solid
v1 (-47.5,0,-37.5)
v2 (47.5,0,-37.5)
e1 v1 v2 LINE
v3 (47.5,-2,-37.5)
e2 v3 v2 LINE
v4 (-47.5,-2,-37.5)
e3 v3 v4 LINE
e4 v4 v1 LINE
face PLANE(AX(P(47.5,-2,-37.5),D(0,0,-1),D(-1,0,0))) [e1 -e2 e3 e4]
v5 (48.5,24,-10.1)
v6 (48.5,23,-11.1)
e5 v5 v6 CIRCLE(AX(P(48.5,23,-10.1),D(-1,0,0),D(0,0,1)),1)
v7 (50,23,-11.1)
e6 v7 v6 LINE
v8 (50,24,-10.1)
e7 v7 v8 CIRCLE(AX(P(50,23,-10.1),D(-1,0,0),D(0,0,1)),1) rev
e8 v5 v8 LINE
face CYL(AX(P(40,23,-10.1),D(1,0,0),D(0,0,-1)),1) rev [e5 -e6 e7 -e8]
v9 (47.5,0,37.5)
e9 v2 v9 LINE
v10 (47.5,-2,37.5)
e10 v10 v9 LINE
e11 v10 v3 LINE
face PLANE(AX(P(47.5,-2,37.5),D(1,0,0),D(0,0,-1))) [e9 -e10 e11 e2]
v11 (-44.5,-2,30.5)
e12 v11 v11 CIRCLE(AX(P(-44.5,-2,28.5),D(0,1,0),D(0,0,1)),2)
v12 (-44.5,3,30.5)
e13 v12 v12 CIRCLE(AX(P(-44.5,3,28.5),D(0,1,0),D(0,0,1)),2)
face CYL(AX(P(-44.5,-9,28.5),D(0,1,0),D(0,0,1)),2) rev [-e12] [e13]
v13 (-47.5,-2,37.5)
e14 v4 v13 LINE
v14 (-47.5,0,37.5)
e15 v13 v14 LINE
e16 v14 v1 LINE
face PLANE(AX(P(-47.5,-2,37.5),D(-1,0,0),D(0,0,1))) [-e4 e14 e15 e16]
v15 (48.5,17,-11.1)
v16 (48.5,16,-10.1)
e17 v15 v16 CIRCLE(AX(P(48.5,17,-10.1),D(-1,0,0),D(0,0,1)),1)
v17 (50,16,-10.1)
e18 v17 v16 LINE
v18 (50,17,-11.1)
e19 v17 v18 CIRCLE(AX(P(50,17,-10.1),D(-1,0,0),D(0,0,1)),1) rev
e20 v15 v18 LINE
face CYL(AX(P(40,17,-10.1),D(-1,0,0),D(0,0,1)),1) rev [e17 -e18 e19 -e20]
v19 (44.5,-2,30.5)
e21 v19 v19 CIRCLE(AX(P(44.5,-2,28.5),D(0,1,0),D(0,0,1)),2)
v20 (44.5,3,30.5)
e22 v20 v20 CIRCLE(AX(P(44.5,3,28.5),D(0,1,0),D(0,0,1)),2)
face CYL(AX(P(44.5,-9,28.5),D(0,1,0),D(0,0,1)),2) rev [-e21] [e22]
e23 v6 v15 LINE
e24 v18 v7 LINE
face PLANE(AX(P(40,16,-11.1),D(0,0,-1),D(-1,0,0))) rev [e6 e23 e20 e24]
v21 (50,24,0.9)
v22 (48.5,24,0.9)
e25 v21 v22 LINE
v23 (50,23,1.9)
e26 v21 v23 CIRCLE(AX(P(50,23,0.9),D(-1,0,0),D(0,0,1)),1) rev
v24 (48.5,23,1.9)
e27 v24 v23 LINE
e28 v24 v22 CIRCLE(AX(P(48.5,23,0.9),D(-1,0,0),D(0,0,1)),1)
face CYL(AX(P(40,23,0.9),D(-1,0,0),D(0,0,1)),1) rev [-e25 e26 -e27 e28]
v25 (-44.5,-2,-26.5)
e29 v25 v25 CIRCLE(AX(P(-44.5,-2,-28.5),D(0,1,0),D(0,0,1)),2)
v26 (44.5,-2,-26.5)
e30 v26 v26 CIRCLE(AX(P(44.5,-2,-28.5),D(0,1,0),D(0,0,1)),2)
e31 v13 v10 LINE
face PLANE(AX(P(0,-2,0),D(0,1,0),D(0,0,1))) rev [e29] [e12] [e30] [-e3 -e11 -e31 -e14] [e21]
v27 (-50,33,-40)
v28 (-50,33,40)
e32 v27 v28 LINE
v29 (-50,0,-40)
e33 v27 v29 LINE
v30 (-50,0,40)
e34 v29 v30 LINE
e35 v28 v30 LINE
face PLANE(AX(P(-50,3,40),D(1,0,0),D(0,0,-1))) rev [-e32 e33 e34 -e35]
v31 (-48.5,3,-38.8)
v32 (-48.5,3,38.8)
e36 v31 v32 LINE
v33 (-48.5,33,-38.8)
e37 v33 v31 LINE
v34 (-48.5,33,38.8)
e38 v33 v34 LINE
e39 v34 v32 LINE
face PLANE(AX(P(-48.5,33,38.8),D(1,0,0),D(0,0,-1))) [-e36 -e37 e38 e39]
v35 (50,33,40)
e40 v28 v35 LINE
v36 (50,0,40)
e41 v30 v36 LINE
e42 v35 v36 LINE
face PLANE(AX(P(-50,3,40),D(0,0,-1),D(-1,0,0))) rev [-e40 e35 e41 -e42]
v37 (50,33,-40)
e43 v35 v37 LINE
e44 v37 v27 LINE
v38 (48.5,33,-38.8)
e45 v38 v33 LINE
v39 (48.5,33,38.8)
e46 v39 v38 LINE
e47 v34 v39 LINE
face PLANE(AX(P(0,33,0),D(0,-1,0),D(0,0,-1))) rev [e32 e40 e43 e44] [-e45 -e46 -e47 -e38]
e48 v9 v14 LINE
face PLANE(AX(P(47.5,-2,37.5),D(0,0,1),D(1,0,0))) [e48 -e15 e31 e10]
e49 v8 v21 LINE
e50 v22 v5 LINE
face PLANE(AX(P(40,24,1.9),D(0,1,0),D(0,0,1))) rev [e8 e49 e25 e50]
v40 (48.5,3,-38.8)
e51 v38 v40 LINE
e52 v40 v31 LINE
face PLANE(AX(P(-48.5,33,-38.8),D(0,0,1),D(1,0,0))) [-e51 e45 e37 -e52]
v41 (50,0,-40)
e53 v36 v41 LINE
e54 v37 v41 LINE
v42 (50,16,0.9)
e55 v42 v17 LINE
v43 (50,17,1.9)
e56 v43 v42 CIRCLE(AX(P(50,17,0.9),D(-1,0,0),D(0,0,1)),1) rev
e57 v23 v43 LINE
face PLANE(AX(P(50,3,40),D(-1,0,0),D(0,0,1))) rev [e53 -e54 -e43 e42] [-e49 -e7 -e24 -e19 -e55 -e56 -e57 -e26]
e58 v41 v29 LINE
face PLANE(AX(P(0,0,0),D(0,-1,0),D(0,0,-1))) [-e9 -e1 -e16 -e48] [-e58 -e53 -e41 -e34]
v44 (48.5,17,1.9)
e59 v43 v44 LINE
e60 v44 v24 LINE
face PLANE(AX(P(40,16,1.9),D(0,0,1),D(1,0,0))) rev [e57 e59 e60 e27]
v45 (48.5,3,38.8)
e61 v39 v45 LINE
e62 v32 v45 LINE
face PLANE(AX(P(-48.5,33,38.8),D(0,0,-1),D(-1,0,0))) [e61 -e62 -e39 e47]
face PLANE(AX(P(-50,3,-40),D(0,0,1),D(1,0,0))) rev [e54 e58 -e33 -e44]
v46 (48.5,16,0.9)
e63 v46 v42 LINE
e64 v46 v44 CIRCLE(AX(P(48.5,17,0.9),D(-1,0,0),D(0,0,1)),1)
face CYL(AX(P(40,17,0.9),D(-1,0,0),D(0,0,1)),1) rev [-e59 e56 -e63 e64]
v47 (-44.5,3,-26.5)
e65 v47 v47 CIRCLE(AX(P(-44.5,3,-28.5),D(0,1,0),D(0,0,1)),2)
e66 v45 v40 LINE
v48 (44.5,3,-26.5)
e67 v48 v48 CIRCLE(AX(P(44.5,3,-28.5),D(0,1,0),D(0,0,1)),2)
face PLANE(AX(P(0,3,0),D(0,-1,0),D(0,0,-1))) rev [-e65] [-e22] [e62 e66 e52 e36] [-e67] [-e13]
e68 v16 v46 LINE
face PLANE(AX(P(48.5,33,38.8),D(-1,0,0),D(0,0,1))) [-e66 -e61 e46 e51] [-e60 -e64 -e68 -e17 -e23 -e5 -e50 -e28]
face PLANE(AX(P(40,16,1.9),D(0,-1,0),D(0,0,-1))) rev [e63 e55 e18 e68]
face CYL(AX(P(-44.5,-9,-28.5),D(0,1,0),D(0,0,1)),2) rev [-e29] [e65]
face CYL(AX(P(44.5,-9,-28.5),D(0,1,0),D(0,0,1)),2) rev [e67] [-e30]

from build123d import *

# Parameters (mm, degrees)
SKETCH1_W           = 100
SKETCH1_H           = 80
BOSS_EXTRUDE1_DEPTH = 3
SKETCH2_W           = 100
SKETCH2_H           = 80
SKETCH2_W_2         = 97
SKETCH2_H_2         = 77.6
BOSS_EXTRUDE2_DEPTH = 30
SKETCH3_R           = 2
CUT_EXTRUDE1_DEPTH  = 40
SKETCH4_W           = 95
SKETCH4_H           = 75
BOSS_EXTRUDE3_DEPTH = 5
SKETCH3_2_R         = 2
CUT_EXTRUDE2_DEPTH  = 12
SKETCH5_W           = 13
SKETCH5_H           = 8
CUT_EXTRUDE3_DEPTH  = 10
FILLET1_R           = 1
FILLET2_R           = 1
FILLET3_R           = 1
FILLET4_R           = 1


with BuildPart() as part:
    # Sketch1 → Boss-Extrude1 (new body)
    with BuildSketch(Plane(origin=(0, 0, 0), x_dir=(1, 0, 0), z_dir=(0, 1, 0))):
        Rectangle(SKETCH1_W, SKETCH1_H)
    extrude(amount=BOSS_EXTRUDE1_DEPTH)

    # Sketch2 → Boss-Extrude2 (add)
    with BuildSketch(Plane(origin=(0, 3, 0), x_dir=(1, 0, 0), z_dir=(0, 1, 0))):
        Rectangle(SKETCH2_W, SKETCH2_H)
        Rectangle(SKETCH2_W_2, SKETCH2_H_2, mode=Mode.SUBTRACT)
    extrude(amount=BOSS_EXTRUDE2_DEPTH)

    # Sketch3 → Cut-Extrude1 (cut)
    with BuildSketch(Plane(origin=(0, 3, 0), x_dir=(1, 0, 0), z_dir=(0, 1, 0))):
        with Locations((-44.5, 28.5)):
            Circle(SKETCH3_R)
        with Locations((44.5, 28.5)):
            Circle(SKETCH3_R)
        with Locations((-44.5, -28.5)):
            Circle(SKETCH3_R)
        with Locations((44.5, -28.5)):
            Circle(SKETCH3_R)
    extrude(amount=-CUT_EXTRUDE1_DEPTH, mode=Mode.SUBTRACT)

    # Sketch4 → Boss-Extrude3 (add)
    with BuildSketch(Plane(origin=(0, 3, 0), x_dir=(1, 0, 0), z_dir=(0, 1, 0))):
        Rectangle(SKETCH4_W, SKETCH4_H)
    extrude(amount=-BOSS_EXTRUDE3_DEPTH)

    # Sketch3<2> → Cut-Extrude2 (cut)
    with BuildSketch(Plane(origin=(0, 3, 0), x_dir=(1, 0, 0), z_dir=(0, 1, 0))):
        with Locations((-44.5, 28.5)):
            Circle(SKETCH3_2_R)
        with Locations((44.5, 28.5)):
            Circle(SKETCH3_2_R)
        with Locations((-44.5, -28.5)):
            Circle(SKETCH3_2_R)
        with Locations((44.5, -28.5)):
            Circle(SKETCH3_2_R)
    extrude(amount=-CUT_EXTRUDE2_DEPTH, mode=Mode.SUBTRACT)

    # Sketch5 → Cut-Extrude3 (cut)
    with BuildSketch(Plane(origin=(50, 0, 0), x_dir=(0, 0, -1), z_dir=(1, 0, 0))):
        with Locations((4.6, 20)):
            Rectangle(SKETCH5_W, SKETCH5_H)
    extrude(amount=-CUT_EXTRUDE3_DEPTH, mode=Mode.SUBTRACT)

    # Fillet1
    fillet1_edges = [part.edges().sort_by_distance(p)[0] for p in [
        (49.25, 24, -11.1),
    ]]
    fillet(fillet1_edges, radius=FILLET1_R)

    # Fillet2
    fillet2_edges = [part.edges().sort_by_distance(p)[0] for p in [
        (49.25, 24, 1.9),
    ]]
    fillet(fillet2_edges, radius=FILLET2_R)

    # Fillet3
    fillet3_edges = [part.edges().sort_by_distance(p)[0] for p in [
        (49.25, 16, 1.9),
    ]]
    fillet(fillet3_edges, radius=FILLET3_R)

    # Fillet4
    fillet4_edges = [part.edges().sort_by_distance(p)[0] for p in [
        (49.25, 16, -11.1),
    ]]
    fillet(fillet4_edges, radius=FILLET4_R)


solid = part.part
